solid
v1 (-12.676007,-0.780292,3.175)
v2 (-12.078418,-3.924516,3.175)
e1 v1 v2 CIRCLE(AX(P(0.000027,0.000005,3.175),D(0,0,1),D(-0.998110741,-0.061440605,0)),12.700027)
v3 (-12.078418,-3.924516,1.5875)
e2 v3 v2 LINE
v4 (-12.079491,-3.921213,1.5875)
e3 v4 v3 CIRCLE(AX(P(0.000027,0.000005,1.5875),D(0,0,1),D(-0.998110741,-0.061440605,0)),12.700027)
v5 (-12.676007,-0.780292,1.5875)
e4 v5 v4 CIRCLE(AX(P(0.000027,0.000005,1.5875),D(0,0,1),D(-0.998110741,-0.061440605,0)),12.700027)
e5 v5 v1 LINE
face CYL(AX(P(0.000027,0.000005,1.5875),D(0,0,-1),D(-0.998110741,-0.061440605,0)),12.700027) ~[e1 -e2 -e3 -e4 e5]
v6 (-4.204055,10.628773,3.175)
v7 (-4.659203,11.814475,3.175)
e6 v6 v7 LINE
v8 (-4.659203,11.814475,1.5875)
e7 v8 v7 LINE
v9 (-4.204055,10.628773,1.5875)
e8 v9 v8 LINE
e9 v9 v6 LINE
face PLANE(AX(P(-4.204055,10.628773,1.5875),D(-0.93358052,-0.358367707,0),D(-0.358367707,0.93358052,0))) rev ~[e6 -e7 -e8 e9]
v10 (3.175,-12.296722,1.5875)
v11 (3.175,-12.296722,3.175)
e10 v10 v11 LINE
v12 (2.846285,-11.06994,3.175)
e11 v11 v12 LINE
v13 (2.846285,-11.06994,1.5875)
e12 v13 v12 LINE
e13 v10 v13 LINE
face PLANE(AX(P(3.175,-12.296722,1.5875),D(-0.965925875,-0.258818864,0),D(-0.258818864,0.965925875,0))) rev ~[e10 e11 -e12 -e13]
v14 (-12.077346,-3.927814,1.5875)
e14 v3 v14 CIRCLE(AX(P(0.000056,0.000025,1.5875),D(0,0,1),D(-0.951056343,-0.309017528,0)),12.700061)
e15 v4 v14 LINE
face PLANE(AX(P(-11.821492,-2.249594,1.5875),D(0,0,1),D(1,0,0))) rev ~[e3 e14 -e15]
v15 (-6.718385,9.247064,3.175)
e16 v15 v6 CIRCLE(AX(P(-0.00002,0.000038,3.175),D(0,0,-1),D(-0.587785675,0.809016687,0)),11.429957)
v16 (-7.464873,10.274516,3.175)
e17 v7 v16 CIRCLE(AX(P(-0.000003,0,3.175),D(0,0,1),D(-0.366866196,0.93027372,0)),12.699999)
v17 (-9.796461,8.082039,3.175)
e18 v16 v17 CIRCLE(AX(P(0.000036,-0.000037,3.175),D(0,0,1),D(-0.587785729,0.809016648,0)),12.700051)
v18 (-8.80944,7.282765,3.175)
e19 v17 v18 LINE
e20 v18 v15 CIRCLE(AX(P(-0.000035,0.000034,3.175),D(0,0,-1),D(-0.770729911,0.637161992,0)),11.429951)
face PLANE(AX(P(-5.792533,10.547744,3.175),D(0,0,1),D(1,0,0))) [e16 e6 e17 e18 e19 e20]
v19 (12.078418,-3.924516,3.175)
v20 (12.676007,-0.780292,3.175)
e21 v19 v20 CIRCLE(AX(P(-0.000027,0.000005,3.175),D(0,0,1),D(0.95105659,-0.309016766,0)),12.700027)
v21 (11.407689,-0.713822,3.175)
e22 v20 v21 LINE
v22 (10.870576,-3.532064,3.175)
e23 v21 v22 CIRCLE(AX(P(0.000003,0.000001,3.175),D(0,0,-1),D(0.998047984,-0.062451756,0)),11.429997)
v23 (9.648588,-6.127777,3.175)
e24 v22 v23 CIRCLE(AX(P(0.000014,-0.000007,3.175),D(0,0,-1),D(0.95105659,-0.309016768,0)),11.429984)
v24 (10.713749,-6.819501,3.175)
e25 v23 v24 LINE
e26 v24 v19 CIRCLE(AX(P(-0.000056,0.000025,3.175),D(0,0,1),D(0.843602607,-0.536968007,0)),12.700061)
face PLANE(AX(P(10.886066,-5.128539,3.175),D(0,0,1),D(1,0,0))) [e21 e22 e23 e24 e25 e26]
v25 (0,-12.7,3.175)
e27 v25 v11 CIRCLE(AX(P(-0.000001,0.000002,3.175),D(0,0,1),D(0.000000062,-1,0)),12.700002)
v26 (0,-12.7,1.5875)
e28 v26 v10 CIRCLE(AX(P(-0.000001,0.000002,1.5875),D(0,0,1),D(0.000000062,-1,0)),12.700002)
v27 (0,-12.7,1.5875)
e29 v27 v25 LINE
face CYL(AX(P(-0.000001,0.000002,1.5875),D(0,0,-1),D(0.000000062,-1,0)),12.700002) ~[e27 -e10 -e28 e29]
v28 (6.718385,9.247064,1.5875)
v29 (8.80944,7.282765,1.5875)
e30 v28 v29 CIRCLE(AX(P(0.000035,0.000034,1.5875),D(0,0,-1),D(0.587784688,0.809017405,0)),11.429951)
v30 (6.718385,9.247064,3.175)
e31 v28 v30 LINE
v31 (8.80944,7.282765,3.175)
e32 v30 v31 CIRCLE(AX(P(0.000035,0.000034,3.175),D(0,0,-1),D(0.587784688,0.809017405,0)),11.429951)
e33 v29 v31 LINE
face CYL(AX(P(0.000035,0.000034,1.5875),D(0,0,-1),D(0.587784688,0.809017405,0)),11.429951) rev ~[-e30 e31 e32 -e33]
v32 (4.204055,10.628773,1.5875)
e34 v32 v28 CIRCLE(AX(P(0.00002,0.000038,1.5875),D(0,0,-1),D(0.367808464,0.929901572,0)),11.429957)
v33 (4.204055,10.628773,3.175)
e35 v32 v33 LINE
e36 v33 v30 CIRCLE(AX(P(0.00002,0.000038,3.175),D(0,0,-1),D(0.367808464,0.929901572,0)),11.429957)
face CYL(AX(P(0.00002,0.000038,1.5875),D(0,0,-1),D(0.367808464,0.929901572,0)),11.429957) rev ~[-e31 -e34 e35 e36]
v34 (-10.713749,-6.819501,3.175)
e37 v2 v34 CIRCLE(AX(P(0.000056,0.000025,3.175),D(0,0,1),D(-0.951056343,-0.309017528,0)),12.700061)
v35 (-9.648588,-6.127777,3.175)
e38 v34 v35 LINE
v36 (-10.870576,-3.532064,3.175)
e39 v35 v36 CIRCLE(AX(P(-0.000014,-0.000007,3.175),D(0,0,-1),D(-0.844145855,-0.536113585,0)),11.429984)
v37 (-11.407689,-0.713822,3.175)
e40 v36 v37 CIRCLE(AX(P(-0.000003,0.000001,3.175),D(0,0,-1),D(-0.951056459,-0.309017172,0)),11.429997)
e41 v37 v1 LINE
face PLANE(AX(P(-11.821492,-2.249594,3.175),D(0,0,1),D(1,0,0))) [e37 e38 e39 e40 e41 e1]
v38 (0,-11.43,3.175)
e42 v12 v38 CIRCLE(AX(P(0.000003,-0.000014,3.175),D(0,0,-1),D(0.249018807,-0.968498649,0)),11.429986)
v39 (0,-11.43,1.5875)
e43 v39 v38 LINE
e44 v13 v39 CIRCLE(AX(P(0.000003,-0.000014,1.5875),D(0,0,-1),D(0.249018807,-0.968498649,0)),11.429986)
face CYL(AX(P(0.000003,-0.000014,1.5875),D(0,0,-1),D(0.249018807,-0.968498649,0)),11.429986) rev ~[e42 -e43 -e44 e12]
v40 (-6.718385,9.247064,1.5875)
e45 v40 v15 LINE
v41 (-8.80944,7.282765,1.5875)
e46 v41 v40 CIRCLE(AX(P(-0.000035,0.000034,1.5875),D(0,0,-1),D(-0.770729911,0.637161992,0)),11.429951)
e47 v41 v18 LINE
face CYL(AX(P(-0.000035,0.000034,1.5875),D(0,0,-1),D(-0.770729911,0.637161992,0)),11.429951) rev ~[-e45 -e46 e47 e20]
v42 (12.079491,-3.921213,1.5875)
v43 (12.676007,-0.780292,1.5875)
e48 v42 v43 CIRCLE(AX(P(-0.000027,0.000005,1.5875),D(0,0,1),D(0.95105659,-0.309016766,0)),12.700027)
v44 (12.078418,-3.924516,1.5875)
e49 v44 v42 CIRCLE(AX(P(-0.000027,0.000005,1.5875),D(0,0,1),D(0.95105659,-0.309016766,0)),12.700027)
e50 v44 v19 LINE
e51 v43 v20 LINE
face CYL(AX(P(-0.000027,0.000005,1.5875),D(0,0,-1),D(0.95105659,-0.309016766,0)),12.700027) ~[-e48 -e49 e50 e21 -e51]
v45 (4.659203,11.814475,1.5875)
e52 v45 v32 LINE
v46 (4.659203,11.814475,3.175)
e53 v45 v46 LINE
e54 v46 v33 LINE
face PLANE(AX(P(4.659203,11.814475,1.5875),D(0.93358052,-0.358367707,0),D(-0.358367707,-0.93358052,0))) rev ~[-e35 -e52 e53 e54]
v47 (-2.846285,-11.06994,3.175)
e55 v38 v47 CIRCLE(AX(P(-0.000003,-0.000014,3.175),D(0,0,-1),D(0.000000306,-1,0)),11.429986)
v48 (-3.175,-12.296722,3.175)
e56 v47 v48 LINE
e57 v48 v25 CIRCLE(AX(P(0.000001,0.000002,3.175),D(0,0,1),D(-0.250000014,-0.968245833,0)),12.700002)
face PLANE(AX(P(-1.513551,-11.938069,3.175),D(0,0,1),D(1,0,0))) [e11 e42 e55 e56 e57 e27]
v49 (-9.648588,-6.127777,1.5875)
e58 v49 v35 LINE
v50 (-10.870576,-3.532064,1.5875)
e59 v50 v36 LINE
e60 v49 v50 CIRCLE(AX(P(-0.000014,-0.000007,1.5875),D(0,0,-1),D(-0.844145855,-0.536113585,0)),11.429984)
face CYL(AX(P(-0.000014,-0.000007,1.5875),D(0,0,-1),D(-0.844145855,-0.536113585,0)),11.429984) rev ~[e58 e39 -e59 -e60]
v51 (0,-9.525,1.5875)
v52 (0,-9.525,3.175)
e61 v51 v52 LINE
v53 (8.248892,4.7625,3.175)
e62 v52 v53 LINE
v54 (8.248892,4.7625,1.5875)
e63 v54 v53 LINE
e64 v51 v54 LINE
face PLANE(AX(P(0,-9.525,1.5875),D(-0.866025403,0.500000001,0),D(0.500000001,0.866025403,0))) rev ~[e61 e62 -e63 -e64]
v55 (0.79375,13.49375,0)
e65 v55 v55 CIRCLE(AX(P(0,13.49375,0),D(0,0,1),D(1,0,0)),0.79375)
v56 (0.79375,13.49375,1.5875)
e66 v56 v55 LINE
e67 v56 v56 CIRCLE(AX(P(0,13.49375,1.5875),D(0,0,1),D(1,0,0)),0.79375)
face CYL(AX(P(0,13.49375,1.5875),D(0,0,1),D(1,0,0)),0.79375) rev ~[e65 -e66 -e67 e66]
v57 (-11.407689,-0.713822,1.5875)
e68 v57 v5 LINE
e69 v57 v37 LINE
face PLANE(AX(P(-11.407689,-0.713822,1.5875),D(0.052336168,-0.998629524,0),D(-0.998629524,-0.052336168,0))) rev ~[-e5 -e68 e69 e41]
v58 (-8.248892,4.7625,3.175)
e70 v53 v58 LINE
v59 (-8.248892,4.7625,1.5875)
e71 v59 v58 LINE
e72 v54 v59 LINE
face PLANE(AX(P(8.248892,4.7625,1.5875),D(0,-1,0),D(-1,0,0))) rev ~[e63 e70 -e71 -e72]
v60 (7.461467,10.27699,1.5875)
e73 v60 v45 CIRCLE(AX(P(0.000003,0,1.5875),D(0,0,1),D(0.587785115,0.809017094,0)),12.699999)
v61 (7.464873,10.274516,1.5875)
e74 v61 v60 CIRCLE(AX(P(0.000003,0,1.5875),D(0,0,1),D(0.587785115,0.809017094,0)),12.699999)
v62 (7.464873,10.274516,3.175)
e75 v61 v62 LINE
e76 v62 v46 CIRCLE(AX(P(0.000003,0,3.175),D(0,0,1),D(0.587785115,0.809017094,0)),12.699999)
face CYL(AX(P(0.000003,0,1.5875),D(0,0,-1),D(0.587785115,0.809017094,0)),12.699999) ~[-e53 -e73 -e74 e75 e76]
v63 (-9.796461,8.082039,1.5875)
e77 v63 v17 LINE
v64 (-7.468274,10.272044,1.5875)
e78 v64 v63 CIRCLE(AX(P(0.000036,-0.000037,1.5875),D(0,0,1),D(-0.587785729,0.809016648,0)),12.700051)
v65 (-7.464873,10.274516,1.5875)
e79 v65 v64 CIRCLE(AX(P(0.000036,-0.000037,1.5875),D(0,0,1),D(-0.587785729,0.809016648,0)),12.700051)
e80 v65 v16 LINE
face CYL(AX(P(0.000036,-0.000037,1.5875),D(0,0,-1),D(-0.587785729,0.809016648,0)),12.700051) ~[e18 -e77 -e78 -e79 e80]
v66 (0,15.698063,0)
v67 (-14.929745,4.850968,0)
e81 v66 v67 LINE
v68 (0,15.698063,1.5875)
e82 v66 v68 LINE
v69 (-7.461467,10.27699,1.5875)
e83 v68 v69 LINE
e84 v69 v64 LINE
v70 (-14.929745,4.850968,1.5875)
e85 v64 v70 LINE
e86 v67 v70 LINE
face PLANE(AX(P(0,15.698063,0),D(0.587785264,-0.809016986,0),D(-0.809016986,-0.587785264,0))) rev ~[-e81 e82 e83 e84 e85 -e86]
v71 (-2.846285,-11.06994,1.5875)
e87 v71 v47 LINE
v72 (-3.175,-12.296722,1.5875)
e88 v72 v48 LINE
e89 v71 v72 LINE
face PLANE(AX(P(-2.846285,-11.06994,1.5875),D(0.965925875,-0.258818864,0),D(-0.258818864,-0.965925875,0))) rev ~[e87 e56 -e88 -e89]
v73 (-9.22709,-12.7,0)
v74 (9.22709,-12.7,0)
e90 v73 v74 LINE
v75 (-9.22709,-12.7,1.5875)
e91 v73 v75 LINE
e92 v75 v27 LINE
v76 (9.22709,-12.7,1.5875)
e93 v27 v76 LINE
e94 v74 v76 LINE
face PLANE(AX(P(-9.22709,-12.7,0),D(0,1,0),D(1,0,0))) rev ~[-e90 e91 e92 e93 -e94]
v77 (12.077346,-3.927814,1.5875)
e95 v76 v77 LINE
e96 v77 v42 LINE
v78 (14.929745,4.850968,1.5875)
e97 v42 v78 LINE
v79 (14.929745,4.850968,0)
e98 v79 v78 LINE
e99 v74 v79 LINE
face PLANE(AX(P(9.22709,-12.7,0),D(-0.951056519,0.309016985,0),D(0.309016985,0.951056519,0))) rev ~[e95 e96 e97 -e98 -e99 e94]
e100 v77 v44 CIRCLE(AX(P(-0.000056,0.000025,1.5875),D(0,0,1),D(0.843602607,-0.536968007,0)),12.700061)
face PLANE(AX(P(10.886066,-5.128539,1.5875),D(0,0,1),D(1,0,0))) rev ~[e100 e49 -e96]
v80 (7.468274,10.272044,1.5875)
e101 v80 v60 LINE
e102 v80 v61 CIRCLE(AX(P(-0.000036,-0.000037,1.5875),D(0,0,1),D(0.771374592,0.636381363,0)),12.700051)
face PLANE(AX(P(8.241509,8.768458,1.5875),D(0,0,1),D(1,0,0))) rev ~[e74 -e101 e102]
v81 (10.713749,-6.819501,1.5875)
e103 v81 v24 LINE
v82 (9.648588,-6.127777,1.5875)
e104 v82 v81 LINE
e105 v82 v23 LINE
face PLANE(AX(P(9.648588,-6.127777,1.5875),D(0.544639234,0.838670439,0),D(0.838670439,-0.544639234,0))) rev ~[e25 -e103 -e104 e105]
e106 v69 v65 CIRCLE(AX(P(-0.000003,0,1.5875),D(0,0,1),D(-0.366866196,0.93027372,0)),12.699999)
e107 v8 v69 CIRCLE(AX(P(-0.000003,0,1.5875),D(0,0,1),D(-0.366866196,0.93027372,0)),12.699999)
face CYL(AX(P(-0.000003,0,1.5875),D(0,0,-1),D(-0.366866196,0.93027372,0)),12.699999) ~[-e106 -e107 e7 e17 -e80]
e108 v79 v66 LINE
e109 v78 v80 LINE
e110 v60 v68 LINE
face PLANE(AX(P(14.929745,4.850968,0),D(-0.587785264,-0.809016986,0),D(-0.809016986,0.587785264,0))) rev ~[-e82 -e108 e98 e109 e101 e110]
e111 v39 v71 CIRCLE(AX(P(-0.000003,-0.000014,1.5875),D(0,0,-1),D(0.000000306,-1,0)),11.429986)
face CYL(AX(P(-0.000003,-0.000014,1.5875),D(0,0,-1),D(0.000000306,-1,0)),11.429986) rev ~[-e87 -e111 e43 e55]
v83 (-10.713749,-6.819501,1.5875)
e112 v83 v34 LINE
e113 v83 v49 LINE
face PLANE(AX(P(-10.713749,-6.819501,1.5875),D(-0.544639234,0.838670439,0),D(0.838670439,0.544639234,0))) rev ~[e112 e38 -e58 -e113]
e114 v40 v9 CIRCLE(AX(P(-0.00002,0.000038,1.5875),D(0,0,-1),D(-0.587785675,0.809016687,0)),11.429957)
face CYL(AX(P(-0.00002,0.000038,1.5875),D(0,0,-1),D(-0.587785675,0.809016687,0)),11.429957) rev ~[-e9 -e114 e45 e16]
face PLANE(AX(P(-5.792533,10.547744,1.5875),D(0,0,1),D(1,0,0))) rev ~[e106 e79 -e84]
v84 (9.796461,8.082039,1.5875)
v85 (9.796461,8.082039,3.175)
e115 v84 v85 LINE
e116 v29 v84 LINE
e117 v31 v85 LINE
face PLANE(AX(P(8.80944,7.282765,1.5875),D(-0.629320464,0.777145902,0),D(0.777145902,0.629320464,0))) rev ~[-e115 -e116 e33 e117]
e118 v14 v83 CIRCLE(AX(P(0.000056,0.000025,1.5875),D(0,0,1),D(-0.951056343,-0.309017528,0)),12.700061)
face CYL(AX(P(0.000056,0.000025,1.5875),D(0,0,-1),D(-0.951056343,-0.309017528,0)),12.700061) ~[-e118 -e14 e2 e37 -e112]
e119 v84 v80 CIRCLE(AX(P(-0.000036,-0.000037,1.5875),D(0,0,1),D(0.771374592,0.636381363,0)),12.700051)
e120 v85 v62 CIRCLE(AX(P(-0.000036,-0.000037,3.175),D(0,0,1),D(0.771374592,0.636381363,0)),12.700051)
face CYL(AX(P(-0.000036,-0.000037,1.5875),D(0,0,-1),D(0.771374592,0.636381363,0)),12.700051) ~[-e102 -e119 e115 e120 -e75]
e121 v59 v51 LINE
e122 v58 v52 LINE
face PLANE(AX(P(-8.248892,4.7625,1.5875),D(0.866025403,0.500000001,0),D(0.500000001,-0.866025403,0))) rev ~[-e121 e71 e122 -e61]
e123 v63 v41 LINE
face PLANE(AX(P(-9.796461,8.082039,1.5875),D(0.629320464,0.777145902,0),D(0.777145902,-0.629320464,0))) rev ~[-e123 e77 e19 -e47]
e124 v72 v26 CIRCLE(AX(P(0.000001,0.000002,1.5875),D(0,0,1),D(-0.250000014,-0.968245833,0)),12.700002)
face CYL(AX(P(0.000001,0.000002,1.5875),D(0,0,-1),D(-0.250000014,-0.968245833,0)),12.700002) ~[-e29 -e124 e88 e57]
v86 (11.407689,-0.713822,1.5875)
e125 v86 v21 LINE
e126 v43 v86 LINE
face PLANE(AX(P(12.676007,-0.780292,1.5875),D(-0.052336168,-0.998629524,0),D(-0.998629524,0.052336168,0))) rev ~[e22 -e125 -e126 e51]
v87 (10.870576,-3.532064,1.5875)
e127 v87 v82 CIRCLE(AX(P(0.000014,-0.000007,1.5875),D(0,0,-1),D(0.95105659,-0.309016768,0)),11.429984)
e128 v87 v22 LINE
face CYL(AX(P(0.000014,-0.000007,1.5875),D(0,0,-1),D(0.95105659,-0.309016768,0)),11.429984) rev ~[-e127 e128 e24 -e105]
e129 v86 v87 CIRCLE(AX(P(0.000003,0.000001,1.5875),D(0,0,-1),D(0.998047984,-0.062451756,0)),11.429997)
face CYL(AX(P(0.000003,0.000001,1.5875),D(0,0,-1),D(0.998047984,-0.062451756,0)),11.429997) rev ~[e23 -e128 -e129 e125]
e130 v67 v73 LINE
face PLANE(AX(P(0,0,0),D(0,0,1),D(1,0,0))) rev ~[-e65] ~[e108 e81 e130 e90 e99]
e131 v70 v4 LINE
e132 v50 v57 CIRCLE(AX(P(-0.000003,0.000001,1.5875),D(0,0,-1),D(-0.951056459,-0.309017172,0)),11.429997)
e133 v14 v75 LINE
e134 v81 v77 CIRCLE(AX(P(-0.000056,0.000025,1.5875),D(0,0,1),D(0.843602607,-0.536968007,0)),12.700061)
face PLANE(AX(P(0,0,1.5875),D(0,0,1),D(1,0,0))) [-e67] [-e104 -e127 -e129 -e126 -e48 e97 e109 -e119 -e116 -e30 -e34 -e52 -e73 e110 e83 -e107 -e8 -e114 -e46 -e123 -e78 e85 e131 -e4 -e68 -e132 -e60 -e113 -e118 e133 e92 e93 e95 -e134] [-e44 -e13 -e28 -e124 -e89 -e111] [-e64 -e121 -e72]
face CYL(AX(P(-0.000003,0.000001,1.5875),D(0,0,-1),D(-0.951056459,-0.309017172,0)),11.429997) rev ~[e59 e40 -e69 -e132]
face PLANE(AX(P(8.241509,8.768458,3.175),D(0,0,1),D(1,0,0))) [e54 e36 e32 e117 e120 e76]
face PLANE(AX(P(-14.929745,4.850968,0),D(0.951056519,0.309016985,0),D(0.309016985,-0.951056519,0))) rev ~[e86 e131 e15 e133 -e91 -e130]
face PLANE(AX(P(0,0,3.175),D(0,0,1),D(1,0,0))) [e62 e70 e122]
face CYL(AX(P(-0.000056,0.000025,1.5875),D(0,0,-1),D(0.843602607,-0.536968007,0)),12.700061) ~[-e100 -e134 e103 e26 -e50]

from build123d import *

# Parameters (mm, degrees)
F1_DEPTH = 1.5875
F3_DEPTH = 1.5875
F4_R     = 0.79375
F5_DEPTH = 25.4


with BuildPart() as f1:
    # F0 (on Top) → F1 (new body)
    with BuildSketch(Plane.XY):
        Polygon((-14.929745, 4.850968), (-9.22709, -12.7), (9.22709, -12.7), (14.929745, 4.850968), (0, 15.698063), align=None)
    extrude(amount=F1_DEPTH)

    # F2 (on face) → F3 (join)
    with BuildSketch(Plane.XY.offset(1.5875)):
        with BuildLine():
            Line((-11.407689, -0.713822), (-12.676007, -0.780292))
            ThreePointArc((-12.676007, -0.780292), (-12.476655, -2.371304), (-12.078418, -3.924516))
            Line((-12.078418, -3.924516), (-10.870576, -3.532064))
            ThreePointArc((-10.870576, -3.532064), (-11.227907, -2.139862), (-11.407689, -0.713822))
        make_face()
        with BuildLine():
            Line((-10.870576, -3.532064), (-12.078418, -3.924516))
            ThreePointArc((-12.078418, -3.924516), (-11.487643, -5.415169), (-10.713749, -6.819501))
            Line((-10.713749, -6.819501), (-9.648588, -6.127777))
            ThreePointArc((-9.648588, -6.127777), (-10.341347, -4.868413), (-10.870576, -3.532064))
        make_face()
        with BuildLine():
            ThreePointArc((-4.659203, 11.814475), (-6.110742, 11.133231), (-7.464873, 10.274516))
            Line((-7.464873, 10.274516), (-6.718385, 9.247064))
            ThreePointArc((-6.718385, 9.247064), (-5.504744, 10.01712), (-4.204055, 10.628773))
            Line((-4.204055, 10.628773), (-4.659203, 11.814475))
        make_face()
        with BuildLine():
            Line((-6.718385, 9.247064), (-7.464873, 10.274516))
            ThreePointArc((-7.464873, 10.274516), (-8.700008, 9.252019), (-9.796461, 8.082039))
            Line((-9.796461, 8.082039), (-8.80944, 7.282765))
            ThreePointArc((-8.80944, 7.282765), (-7.825788, 8.330783), (-6.718385, 9.247064))
        make_face()
        with BuildLine():
            ThreePointArc((-3.175, -12.296722), (-1.600255, -12.598777), (0, -12.7))
            Line((0, -12.7), (0, -11.43))
            ThreePointArc((0, -11.43), (-1.434484, -11.339628), (-2.846285, -11.06994))
            Line((-2.846285, -11.06994), (-3.175, -12.296722))
        make_face()
        with BuildLine():
            Line((0, -11.43), (0, -12.7))
            ThreePointArc((0, -12.7), (1.600255, -12.598777), (3.175, -12.296722))
            Line((3.175, -12.296722), (2.846285, -11.06994))
            ThreePointArc((2.846285, -11.06994), (1.434484, -11.339628), (0, -11.43))
        make_face()
        with BuildLine():
            ThreePointArc((10.713749, -6.819501), (11.487643, -5.415169), (12.078418, -3.924516))
            Line((12.078418, -3.924516), (10.870576, -3.532064))
            ThreePointArc((10.870576, -3.532064), (10.341347, -4.868413), (9.648588, -6.127777))
            Line((9.648588, -6.127777), (10.713749, -6.819501))
        make_face()
        with BuildLine():
            Line((10.870576, -3.532064), (12.078418, -3.924516))
            ThreePointArc((12.078418, -3.924516), (12.476655, -2.371304), (12.676007, -0.780292))
            Line((12.676007, -0.780292), (11.407689, -0.713822))
            ThreePointArc((11.407689, -0.713822), (11.227907, -2.139862), (10.870576, -3.532064))
        make_face()
        with BuildLine():
            ThreePointArc((9.796461, 8.082039), (8.700008, 9.252019), (7.464873, 10.274516))
            Line((7.464873, 10.274516), (6.718385, 9.247064))
            ThreePointArc((6.718385, 9.247064), (7.825788, 8.330783), (8.80944, 7.282765))
            Line((8.80944, 7.282765), (9.796461, 8.082039))
        make_face()
        with BuildLine():
            Line((6.718385, 9.247064), (7.464873, 10.274516))
            ThreePointArc((7.464873, 10.274516), (6.110742, 11.133231), (4.659203, 11.814475))
            Line((4.659203, 11.814475), (4.204055, 10.628773))
            ThreePointArc((4.204055, 10.628773), (5.504744, 10.01712), (6.718385, 9.247064))
        make_face()
        Polygon((8.248892, 4.7625), (-8.248892, 4.7625), (0, -9.525), align=None)
    extrude(amount=F3_DEPTH)

    # F4 (on face) → F5 (cut)
    with BuildSketch(Plane.XY.offset(1.5875)):
        with Locations((0, 13.49375)):
            Circle(F4_R)
    extrude(amount=-F5_DEPTH, mode=Mode.SUBTRACT)


solid = f1.part
